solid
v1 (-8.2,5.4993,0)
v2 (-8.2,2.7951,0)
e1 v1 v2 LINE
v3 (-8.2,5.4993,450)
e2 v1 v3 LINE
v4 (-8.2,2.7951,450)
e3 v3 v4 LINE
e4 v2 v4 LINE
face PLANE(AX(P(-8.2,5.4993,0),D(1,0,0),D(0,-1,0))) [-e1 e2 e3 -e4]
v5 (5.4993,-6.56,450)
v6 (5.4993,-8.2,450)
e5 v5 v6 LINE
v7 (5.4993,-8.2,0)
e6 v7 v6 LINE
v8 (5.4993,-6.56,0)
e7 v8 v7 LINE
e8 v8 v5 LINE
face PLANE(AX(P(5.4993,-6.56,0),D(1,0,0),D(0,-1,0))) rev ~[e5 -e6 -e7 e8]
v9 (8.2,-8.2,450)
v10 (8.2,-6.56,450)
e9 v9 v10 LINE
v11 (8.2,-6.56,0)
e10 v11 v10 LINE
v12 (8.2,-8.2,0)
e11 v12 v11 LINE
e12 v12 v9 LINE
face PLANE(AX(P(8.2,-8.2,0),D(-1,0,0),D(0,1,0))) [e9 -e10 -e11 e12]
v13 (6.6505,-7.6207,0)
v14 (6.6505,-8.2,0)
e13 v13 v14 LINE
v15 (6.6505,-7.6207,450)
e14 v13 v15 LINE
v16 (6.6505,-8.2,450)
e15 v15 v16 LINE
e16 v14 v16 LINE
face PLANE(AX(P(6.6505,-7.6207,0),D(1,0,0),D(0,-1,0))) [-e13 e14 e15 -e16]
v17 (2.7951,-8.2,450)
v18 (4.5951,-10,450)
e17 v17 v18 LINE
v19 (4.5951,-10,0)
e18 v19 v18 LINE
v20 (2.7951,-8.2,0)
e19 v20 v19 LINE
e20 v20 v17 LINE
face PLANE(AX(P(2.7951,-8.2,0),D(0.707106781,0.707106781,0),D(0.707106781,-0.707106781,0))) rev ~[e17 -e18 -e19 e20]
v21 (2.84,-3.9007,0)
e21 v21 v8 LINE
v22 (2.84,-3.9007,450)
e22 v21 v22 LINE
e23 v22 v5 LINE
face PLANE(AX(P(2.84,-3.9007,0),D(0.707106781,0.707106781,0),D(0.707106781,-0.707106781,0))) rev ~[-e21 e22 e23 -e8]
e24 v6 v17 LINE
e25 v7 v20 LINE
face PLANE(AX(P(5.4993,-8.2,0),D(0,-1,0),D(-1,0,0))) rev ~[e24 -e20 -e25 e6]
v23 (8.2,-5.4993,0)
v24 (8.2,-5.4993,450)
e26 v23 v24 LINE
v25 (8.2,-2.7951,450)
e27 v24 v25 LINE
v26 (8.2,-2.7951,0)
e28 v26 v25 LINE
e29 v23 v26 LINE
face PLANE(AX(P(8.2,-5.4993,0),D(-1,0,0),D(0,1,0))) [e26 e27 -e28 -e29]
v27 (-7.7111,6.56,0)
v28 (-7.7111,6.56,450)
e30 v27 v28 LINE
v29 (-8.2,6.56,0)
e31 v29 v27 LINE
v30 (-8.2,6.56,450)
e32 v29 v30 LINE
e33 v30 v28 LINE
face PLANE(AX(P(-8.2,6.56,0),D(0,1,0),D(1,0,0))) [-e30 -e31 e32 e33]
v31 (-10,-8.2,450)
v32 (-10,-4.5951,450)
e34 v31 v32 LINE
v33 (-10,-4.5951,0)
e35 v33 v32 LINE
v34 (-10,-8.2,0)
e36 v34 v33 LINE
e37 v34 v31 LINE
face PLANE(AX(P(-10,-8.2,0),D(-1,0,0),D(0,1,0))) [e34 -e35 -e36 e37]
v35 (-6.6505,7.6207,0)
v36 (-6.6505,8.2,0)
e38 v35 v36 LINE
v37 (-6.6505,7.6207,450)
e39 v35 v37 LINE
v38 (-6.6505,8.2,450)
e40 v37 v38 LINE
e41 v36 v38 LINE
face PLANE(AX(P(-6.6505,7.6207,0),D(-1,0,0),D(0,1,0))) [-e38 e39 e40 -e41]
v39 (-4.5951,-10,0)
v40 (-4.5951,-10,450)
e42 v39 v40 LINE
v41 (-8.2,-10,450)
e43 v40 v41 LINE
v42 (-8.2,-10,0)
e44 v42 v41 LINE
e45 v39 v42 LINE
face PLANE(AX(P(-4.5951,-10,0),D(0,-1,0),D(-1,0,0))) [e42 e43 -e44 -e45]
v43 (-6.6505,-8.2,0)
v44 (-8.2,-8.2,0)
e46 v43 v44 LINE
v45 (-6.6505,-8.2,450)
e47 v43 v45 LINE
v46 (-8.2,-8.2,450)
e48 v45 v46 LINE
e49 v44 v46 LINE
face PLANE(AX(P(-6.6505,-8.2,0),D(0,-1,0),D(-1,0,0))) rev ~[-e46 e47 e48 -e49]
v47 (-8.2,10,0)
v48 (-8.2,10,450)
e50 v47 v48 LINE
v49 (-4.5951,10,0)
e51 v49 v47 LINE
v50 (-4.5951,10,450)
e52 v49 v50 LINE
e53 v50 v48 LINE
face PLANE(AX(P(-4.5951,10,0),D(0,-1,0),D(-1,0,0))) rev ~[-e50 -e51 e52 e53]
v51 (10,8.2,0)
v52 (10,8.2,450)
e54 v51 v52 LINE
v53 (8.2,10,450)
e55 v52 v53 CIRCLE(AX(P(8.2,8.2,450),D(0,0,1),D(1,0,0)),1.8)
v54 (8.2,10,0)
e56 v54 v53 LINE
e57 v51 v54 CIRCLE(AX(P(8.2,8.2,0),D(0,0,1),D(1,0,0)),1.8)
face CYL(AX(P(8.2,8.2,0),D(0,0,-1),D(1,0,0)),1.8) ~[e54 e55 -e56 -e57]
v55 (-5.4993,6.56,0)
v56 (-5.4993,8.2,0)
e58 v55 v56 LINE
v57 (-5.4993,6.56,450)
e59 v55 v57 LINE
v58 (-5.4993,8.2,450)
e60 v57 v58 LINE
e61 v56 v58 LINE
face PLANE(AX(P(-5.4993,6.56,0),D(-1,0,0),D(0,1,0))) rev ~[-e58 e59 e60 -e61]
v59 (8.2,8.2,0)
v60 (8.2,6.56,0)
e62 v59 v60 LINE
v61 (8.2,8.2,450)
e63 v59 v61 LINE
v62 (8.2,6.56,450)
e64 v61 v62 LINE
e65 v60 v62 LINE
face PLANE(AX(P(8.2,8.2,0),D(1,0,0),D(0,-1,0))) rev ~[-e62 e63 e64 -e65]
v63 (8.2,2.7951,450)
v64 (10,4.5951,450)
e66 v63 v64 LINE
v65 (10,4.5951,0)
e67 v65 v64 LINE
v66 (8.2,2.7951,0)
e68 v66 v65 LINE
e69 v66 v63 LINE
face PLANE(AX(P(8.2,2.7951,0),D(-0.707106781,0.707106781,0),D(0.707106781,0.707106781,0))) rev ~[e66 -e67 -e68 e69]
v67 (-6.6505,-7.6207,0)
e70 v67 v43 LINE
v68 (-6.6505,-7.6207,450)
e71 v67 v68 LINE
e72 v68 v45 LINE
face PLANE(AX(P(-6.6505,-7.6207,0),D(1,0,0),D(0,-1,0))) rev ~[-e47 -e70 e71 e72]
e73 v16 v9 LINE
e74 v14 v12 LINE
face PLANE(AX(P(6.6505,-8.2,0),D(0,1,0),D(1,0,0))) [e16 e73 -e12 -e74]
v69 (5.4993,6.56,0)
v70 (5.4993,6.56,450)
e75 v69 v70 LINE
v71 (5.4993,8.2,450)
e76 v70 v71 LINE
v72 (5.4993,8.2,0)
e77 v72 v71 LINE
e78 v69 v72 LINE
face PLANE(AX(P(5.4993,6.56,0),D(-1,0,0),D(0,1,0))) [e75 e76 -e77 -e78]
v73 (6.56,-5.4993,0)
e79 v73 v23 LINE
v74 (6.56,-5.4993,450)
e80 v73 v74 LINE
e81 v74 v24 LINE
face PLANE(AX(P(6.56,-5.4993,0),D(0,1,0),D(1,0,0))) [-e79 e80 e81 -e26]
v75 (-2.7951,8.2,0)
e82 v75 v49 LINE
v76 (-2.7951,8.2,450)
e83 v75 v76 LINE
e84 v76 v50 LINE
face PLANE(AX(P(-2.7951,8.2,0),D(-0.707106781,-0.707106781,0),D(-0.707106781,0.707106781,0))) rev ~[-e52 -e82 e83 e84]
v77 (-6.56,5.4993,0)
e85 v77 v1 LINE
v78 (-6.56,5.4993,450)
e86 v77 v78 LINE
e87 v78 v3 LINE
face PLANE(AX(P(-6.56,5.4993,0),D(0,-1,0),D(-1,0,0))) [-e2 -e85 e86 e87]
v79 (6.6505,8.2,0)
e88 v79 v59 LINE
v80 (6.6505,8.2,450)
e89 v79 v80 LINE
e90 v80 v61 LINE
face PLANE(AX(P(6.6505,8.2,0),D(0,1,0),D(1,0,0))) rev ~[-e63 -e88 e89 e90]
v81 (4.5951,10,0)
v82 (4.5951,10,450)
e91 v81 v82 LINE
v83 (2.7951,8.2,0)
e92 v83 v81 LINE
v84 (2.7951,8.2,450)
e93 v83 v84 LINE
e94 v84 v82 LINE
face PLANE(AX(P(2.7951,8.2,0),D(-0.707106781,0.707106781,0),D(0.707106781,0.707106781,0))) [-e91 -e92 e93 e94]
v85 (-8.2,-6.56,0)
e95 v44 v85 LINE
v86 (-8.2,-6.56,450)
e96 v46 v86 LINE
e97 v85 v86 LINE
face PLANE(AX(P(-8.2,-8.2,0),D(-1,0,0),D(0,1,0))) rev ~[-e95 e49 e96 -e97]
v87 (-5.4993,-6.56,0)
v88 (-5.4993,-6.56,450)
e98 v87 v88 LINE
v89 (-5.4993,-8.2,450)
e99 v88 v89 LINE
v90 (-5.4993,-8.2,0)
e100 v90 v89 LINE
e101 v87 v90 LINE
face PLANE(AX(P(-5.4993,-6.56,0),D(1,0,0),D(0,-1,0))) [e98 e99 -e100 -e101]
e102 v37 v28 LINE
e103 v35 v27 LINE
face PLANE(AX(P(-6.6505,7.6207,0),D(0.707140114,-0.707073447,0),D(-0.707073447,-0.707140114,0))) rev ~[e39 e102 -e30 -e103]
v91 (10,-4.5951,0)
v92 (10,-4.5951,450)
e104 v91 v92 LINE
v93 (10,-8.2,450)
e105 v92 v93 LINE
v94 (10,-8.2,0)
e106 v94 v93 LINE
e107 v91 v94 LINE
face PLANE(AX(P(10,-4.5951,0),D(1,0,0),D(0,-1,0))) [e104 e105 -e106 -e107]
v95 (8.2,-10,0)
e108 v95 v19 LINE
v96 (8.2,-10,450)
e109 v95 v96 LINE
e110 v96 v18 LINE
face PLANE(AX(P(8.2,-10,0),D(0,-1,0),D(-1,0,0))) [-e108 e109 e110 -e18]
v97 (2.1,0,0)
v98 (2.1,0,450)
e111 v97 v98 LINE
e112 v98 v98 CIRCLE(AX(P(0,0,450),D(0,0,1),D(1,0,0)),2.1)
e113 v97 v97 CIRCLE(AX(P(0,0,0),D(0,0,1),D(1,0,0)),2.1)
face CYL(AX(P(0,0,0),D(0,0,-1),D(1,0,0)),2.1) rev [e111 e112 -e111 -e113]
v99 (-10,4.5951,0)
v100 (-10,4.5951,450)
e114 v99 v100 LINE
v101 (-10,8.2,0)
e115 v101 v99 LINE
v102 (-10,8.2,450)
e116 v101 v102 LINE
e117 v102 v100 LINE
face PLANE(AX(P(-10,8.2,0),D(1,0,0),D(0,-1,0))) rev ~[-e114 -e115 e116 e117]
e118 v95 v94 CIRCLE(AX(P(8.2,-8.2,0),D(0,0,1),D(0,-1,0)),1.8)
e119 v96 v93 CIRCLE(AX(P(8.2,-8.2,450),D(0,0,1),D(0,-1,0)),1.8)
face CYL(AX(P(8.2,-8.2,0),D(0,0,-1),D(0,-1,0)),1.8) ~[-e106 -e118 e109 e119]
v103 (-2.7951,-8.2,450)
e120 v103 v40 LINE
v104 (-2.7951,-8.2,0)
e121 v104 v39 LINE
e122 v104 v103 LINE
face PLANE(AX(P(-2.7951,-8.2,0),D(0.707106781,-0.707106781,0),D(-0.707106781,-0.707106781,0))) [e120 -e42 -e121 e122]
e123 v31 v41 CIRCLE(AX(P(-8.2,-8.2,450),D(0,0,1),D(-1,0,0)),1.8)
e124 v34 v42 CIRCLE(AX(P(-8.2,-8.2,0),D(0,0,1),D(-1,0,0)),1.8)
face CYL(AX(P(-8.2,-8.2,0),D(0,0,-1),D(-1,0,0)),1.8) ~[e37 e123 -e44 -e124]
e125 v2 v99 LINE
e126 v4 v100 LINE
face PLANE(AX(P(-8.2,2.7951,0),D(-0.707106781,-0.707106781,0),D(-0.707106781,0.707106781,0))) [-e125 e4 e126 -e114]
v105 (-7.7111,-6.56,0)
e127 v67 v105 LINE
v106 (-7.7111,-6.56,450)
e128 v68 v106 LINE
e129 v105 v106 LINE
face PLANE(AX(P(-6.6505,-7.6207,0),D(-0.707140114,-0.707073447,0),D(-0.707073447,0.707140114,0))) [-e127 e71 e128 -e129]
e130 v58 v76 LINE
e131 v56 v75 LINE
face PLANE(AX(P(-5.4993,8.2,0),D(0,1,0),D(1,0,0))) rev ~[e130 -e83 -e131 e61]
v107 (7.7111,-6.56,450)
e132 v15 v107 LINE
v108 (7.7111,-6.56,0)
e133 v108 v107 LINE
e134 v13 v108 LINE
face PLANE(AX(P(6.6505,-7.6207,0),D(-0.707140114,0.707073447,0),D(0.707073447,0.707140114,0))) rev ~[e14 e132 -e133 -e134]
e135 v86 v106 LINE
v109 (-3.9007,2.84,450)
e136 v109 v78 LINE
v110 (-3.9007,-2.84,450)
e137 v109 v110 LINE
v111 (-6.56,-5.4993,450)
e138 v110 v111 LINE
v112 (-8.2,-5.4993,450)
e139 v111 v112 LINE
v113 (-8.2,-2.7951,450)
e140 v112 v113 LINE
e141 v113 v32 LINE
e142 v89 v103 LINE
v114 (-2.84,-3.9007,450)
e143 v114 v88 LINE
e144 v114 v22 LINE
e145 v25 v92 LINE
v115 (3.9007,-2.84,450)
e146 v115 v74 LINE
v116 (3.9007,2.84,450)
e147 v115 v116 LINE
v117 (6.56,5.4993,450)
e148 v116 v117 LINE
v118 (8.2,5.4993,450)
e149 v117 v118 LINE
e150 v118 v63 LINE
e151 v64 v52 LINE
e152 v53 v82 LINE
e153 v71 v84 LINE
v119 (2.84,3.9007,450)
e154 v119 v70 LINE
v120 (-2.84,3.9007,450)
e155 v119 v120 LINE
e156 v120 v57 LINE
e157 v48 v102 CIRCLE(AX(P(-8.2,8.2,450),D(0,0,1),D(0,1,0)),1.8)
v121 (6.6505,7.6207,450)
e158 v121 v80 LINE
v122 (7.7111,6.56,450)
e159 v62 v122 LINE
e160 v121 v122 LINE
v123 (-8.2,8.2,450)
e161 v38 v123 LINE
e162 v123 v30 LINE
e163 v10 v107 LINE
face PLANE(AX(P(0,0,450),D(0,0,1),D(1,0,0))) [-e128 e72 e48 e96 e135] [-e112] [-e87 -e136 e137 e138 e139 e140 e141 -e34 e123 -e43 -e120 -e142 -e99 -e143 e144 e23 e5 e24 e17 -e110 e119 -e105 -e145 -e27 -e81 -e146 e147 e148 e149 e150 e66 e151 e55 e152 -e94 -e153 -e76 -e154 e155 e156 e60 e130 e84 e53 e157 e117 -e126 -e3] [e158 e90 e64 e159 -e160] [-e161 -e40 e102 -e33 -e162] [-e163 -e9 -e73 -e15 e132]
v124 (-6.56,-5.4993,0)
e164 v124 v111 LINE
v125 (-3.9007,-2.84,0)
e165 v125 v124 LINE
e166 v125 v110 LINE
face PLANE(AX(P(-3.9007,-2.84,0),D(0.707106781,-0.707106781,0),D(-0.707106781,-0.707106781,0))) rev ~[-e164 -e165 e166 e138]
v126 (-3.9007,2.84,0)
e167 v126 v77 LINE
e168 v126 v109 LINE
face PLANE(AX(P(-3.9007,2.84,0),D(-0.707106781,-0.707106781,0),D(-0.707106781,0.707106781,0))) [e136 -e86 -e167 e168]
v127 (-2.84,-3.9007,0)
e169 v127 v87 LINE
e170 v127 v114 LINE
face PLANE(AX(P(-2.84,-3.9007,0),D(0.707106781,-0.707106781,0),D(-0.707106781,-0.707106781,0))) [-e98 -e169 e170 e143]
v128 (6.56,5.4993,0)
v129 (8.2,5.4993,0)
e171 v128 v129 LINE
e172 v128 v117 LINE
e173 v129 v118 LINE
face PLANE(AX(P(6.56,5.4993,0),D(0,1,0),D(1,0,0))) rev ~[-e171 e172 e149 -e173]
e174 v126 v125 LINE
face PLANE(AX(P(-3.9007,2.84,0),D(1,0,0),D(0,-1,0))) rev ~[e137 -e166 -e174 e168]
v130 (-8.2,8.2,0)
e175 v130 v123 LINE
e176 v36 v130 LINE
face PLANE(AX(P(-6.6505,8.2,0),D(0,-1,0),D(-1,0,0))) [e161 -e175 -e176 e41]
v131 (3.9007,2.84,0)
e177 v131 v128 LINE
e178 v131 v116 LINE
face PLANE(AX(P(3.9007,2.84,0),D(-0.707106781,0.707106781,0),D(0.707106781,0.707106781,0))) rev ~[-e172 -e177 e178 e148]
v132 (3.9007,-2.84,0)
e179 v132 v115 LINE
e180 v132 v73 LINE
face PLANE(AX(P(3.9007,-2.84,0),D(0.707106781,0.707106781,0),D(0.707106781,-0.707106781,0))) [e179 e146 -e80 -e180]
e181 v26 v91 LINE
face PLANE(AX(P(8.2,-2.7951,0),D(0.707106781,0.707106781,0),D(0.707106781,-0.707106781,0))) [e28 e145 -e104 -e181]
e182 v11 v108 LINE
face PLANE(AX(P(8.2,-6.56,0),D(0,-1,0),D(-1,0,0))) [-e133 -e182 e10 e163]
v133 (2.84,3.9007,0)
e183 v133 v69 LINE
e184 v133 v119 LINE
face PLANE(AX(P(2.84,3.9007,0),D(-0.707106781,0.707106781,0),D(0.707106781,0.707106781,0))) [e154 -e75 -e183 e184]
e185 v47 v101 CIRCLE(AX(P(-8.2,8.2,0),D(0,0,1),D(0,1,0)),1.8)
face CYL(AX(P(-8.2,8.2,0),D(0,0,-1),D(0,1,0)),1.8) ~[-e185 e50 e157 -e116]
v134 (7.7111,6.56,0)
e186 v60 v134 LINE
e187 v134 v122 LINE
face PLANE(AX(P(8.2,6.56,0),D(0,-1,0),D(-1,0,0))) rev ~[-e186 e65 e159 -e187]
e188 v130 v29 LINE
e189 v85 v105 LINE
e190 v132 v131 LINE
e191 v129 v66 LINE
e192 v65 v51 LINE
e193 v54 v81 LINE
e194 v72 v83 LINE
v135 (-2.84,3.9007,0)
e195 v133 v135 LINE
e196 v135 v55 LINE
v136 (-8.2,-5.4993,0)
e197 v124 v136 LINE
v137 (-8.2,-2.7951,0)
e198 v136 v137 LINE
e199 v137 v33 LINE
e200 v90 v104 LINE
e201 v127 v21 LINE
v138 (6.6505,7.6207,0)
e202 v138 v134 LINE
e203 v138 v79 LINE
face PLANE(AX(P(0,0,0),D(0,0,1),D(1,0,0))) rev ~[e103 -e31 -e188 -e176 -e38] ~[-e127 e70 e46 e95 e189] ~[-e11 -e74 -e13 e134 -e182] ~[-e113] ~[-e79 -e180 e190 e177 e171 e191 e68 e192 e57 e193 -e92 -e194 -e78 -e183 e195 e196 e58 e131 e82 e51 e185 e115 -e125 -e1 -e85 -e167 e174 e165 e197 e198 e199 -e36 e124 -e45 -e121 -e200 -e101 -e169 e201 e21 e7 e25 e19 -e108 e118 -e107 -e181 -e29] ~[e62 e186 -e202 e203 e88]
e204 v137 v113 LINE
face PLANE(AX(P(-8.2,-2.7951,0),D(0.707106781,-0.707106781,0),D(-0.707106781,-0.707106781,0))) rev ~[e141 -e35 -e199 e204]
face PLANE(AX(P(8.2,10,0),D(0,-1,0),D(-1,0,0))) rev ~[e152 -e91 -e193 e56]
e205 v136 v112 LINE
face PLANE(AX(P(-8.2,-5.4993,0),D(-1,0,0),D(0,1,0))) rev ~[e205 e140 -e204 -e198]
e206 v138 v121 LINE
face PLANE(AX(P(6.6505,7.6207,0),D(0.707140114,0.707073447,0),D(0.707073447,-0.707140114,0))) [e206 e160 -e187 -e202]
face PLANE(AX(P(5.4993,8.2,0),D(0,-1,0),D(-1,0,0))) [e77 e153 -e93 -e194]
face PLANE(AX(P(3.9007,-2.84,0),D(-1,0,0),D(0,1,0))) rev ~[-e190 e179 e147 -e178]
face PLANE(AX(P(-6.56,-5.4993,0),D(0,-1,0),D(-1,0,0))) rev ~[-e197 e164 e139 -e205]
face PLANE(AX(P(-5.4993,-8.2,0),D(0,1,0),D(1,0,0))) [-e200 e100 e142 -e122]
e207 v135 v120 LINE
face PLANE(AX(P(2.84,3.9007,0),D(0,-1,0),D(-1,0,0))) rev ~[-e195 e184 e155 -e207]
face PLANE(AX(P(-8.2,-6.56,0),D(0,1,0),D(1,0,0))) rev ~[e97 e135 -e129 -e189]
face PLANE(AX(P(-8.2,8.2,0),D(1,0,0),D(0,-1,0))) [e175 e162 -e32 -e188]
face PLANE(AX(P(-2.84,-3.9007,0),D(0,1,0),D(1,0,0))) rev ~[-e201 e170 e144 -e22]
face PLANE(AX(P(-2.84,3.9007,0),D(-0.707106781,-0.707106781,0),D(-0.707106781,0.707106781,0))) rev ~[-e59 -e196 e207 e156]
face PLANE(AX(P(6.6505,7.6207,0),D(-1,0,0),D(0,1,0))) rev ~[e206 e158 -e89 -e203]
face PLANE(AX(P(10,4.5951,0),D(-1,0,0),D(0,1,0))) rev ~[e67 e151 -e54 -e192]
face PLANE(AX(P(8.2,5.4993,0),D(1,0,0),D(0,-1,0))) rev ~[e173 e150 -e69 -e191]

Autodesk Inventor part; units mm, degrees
ref_plane "YZ Plane" through (0, 0, 0) normal (1, 0, 0) x (0, 1, 0)
ref_plane "Start Plane" through (0, 0, 0) normal (0, 0, 1) x (1, 0, 0)
ref_plane "End Plane" through (0, 0, 450) normal (0, 0, 1) x (1, 0, 0)
sketch "Sketch1" plane through (0, 0, 0) normal (0, 0, 1) x (1, 0, 0)
  line L0 (10, -4.5951) -> (10, -8.2)
  line L1 (-10, -8.2) -> (-10, -4.5951)
  line L2 (-10, 10) -> (10, -10) construction
  line L3 (10, 10) -> (-10, -10) construction
  circle A0 centre (0, 0) radius 2.1
  line L4 (-2.84, -3.9007) -> (2.84, -3.9007)
  line L5 (3.9007, -2.84) -> (3.9007, 2.84)
  line L6 (2.84, 3.9007) -> (-2.84, 3.9007)
  line L7 (-3.9007, 2.84) -> (-3.9007, -2.84)
  line L8 (-3.9007, -3.9007) -> (3.9007, 3.9007) construction
  line L9 (3.9007, -3.9007) -> (-3.9007, 3.9007) construction
  line L10 (-3.9007, -2.84) -> (-2.84, -3.9007) construction
  line L11 (-2.84, -3.9007) -> (-5.4993, -6.56)
  line L12 (-5.4993, -6.56) -> (-5.4993, -8.2)
  line L13 (-5.4993, -8.2) -> (-2.7951, -8.2)
  line L14 (-2.7951, -8.2) -> (-4.5951, -10)
  line L15 (0, 0) -> (0, -3.9007) construction
  line L16 (3.9007, -2.84) -> (2.84, -3.9007) construction
  line L17 (2.84, -3.9007) -> (5.4993, -6.56)
  line L18 (5.4993, -6.56) -> (5.4993, -8.2)
  line L19 (5.4993, -8.2) -> (2.7951, -8.2)
  line L20 (2.7951, -8.2) -> (4.5951, -10)
  line L21 (-2.84, -3.9007) -> (-3.9007, -2.84) construction
  line L22 (-3.9007, -2.84) -> (-6.56, -5.4993)
  line L23 (-6.56, -5.4993) -> (-8.2, -5.4993)
  line L24 (-8.2, -5.4993) -> (-8.2, -2.7951)
  line L25 (-8.2, -2.7951) -> (-10, -4.5951)
  line L26 (3.9007, -2.84) -> (6.56, -5.4993)
  line L27 (6.56, -5.4993) -> (8.2, -5.4993)
  line L28 (8.2, -5.4993) -> (8.2, -2.7951)
  line L29 (8.2, -2.7951) -> (10, -4.5951)
  arc A1 (-10, -8.2) -> (-8.2, -10) centre (-8.2, -8.2) ccw
  arc A2 (8.2, -10) -> (10, -8.2) centre (8.2, -8.2) ccw
  line L30 (-8.2, -6.56) -> (-7.7111, -6.56)
  line L31 (-6.6505, -8.2) -> (-8.2, -8.2)
  line L32 (-8.2, -8.2) -> (-8.2, -6.56)
  line L33 (-6.6505, -7.6207) -> (-7.7111, -6.56)
  line L34 (-6.6505, -7.6207) -> (-6.6505, -8.2)
  line L35 (8.2, -6.56) -> (7.7111, -6.56)
  line L36 (6.6505, -8.2) -> (8.2, -8.2)
  line L37 (8.2, -8.2) -> (8.2, -6.56)
  line L38 (6.6505, -7.6207) -> (7.7111, -6.56)
  line L39 (6.6505, -7.6207) -> (6.6505, -8.2)
  line L40 (8.2, -10) -> (4.5951, -10)
  line L41 (-4.5951, -10) -> (-8.2, -10)
  line L42 (-3.9007, 0) -> (3.9007, 0) construction
  line L43 (10, 4.5951) -> (10, 8.2)
  line L44 (-10, 8.2) -> (-10, 4.5951)
  line L45 (-2.84, 3.9007) -> (2.84, 3.9007)
  line L46 (-3.9007, 2.84) -> (-2.84, 3.9007) construction
  line L47 (-2.84, 3.9007) -> (-5.4993, 6.56)
  line L48 (-5.4993, 6.56) -> (-5.4993, 8.2)
  line L49 (-5.4993, 8.2) -> (-2.7951, 8.2)
  line L50 (-2.7951, 8.2) -> (-4.5951, 10)
  line L51 (2.84, 3.9007) -> (5.4993, 6.56)
  line L52 (5.4993, 6.56) -> (5.4993, 8.2)
  line L53 (5.4993, 8.2) -> (2.7951, 8.2)
  line L54 (2.7951, 8.2) -> (4.5951, 10)
  line L55 (3.9007, 2.84) -> (2.84, 3.9007) construction
  line L56 (-8.2, 2.7951) -> (-10, 4.5951)
  line L57 (-2.84, 3.9007) -> (-3.9007, 2.84) construction
  line L58 (-3.9007, 2.84) -> (-6.56, 5.4993)
  line L59 (-6.56, 5.4993) -> (-8.2, 5.4993)
  line L60 (-8.2, 5.4993) -> (-8.2, 2.7951)
  line L61 (3.9007, 2.84) -> (6.56, 5.4993)
  line L62 (6.56, 5.4993) -> (8.2, 5.4993)
  line L63 (8.2, 5.4993) -> (8.2, 2.7951)
  line L64 (8.2, 2.7951) -> (10, 4.5951)
  arc A3 (-8.2, 10) -> (-10, 8.2) centre (-8.2, 8.2) ccw
  arc A4 (10, 8.2) -> (8.2, 10) centre (8.2, 8.2) ccw
  line L65 (-8.2, 6.56) -> (-7.7111, 6.56)
  line L66 (-6.6505, 8.2) -> (-8.2, 8.2)
  line L67 (-8.2, 8.2) -> (-8.2, 6.56)
  line L68 (-6.6505, 7.6207) -> (-7.7111, 6.56)
  line L69 (-6.6505, 7.6207) -> (-6.6505, 8.2)
  line L70 (8.2, 6.56) -> (7.7111, 6.56)
  line L71 (6.6505, 7.6207) -> (7.7111, 6.56)
  line L72 (8.2, 8.2) -> (8.2, 6.56)
  line L73 (6.6505, 7.6207) -> (6.6505, 8.2)
  line L74 (6.6505, 8.2) -> (8.2, 8.2)
  line L75 (8.2, 10) -> (4.5951, 10)
  line L76 (-4.5951, 10) -> (-8.2, 10)
  line L77 (-8.2, 10) -> (-4.5951, 10)
  line L78 (4.5951, 10) -> (8.2, 10)
  point P0 (8.2, -8.2)
  point P1 (0, 3.9007)
  point P2 (8.2, 8.2)
  dimension "Width" = 20
  dimension "Height" = 20
  dimension "d2" = 4.2
  dimension "d3" = 1.5
  dimension "d4" = 1.64
  dimension "d6" = 5.68
  dimension "d7" = 1.8
  dimension "d9" = 1.5
extrude "Body" add sketch "Sketch1" along normal up to surface (450 mm away) from surface at 0
sketch "Sketch4" plane through (0, 0, 0) normal (0, 0, 1) x (1, 0, 0)
  line L0 (0, 0) -> (10, 0)
ref_plane "Work Plane4" through (0, 0, 0) normal (0, -1, 0) x (1, 0, 0)
sketch "Sketch5" plane through (0, 0, 0) normal (0, -1, 0) x (1, 0, 0)
  line L0 (-2, 0) -> (12, 0) construction
  line L1 (-2, 450) -> (12, 450) construction
  dimension "d17" = 450
equation "\"G_OFFSET_START\" = 0"
equation "\"G_OFFSET_END\" = 0"
equation "\"G_L\" = d17"
properties part number "V-slot 20 mm x 20 mm" material "Aluminum 6061"
